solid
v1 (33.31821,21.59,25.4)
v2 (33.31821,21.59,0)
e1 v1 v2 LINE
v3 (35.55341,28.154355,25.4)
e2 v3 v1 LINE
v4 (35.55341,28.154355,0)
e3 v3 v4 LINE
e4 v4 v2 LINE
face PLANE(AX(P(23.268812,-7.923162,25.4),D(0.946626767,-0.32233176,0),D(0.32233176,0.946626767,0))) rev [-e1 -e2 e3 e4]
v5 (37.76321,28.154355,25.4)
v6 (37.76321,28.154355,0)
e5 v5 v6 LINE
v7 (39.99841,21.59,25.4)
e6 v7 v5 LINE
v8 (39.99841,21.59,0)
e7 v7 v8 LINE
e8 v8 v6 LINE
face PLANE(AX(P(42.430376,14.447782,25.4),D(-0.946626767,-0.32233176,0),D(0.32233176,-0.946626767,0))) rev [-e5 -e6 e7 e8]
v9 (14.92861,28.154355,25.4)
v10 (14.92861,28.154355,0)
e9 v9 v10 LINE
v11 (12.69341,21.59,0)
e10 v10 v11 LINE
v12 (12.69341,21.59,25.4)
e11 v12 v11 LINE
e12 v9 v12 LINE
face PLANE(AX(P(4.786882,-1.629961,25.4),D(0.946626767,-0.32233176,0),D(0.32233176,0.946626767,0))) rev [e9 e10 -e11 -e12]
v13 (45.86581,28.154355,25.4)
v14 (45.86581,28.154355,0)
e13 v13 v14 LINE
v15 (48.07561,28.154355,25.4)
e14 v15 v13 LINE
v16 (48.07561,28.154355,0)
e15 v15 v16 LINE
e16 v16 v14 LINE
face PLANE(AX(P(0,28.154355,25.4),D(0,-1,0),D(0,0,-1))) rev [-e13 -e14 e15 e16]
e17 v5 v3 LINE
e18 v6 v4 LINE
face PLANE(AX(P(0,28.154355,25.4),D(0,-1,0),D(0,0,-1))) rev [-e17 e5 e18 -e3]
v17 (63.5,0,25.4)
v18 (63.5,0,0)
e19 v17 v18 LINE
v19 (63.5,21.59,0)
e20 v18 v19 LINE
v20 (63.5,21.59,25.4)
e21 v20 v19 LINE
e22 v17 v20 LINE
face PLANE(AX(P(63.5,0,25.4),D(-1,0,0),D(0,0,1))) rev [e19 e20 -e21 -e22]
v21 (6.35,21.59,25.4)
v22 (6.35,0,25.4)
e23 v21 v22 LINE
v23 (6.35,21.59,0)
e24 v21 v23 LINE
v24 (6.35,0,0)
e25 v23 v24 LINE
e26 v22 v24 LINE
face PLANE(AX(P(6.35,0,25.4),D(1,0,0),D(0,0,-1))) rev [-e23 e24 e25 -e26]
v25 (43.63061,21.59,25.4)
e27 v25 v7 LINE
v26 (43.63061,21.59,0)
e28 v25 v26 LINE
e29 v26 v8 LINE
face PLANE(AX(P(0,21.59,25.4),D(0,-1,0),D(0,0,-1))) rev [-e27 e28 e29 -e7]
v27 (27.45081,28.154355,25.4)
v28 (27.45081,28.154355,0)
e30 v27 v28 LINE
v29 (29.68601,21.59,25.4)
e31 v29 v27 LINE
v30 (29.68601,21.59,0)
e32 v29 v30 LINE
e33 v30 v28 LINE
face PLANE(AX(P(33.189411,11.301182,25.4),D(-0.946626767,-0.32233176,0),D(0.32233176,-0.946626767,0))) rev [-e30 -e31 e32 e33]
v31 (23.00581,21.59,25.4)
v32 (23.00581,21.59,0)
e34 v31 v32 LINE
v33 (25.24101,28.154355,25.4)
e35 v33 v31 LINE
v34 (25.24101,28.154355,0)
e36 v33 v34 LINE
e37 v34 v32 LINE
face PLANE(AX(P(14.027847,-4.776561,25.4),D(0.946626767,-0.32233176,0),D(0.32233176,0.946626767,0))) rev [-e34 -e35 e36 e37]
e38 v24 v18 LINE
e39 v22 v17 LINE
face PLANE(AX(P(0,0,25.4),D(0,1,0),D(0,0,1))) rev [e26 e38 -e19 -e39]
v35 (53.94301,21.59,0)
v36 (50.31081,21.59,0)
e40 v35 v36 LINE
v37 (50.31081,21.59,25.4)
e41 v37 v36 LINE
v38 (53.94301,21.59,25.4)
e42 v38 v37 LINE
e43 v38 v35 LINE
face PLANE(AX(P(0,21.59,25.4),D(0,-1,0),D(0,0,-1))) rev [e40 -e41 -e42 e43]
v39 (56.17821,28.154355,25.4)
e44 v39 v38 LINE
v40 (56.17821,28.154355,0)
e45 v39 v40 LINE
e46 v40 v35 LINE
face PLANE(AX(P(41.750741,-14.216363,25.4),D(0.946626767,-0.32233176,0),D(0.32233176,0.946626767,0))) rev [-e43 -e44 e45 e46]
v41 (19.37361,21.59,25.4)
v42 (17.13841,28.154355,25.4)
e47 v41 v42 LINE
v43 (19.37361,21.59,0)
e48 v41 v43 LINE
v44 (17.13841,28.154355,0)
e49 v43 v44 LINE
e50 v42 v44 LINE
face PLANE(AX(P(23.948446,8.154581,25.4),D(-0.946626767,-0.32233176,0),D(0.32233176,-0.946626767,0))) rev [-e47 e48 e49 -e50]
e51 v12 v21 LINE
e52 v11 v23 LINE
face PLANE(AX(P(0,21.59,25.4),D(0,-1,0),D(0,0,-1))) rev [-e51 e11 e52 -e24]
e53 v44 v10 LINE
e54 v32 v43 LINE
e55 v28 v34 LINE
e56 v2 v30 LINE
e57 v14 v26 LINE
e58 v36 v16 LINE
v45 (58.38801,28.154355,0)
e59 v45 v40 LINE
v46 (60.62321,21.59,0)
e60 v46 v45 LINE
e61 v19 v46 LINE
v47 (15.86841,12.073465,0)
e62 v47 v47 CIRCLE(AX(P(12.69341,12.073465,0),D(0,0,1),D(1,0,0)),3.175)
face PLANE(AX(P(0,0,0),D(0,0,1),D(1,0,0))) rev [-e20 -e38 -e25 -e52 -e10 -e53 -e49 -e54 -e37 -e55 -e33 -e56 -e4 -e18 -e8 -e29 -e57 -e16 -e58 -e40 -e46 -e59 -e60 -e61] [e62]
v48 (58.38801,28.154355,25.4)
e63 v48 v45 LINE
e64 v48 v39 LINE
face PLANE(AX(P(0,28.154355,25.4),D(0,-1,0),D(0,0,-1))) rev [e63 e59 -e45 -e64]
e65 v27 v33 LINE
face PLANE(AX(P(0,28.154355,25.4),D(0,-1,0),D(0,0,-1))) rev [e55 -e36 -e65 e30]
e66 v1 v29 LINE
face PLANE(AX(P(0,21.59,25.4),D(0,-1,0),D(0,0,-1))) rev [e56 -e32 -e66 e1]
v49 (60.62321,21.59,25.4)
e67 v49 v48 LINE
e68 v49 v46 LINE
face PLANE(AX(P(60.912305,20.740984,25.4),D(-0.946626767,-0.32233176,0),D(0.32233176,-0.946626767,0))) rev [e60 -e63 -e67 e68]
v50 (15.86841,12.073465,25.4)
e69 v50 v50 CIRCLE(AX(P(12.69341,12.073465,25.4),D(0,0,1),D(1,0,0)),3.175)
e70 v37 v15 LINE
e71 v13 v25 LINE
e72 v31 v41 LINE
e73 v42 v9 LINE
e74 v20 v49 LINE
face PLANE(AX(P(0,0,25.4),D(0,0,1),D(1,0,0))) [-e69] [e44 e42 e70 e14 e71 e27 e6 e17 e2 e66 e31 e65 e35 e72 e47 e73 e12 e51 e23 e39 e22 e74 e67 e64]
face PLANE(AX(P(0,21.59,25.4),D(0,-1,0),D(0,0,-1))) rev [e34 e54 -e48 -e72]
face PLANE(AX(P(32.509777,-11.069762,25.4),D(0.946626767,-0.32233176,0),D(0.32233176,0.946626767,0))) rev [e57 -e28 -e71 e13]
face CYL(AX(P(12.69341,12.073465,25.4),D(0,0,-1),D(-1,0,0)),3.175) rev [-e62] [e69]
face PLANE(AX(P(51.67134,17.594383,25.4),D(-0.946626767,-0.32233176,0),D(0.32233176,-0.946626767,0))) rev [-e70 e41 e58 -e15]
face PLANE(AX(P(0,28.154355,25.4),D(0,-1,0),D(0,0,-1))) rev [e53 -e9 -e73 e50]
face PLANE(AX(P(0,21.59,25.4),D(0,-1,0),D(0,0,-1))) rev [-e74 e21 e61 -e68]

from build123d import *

# Parameters (mm, degrees)
SKETCH1_R        = 3.175
EXTRUSION1_DEPTH = 25.4


with BuildPart() as part:
    # Sketch1 → Extrusion1 (new body)
    with BuildSketch(Plane.XY):
        Polygon((6.35, 0), (63.5, 0), (63.5, 21.59), (59.69, 21.59), (6.35, 21.59), align=None)
        with Locations((12.693410129, 12.073465073)):
            Circle(SKETCH1_R, mode=Mode.SUBTRACT)
        Polygon((14.928610129, 28.154355163), (12.693410129, 21.59), (16.503410129, 21.59), (19.373610129, 21.59), (17.138410129, 28.154355163), (16.033510129, 28.154355163), align=None)
        Polygon((25.241010129, 28.154355163), (23.005810129, 21.59), (29.686010129, 21.59), (27.450810129, 28.154355163), (26.345910129, 28.154355163), align=None)
        Polygon((59.69, 21.59), (60.623210129, 21.59), (58.388010129, 28.154355163), (57.283110129, 28.154355163), (56.178210129, 28.154355163), (53.943010129, 21.59), align=None)
        Polygon((43.630610129, 21.59), (50.310810129, 21.59), (48.075610129, 28.154355163), (46.970710129, 28.154355163), (45.865810129, 28.154355163), align=None)
        Polygon((39.996666979, 21.59), (39.998410129, 21.59), (37.763210129, 28.154355163), (36.658310129, 28.154355163), (35.553410129, 28.154355163), (33.318210129, 21.59), (36.186666979, 21.59), align=None)
    extrude(amount=EXTRUSION1_DEPTH)


solid = part.part
